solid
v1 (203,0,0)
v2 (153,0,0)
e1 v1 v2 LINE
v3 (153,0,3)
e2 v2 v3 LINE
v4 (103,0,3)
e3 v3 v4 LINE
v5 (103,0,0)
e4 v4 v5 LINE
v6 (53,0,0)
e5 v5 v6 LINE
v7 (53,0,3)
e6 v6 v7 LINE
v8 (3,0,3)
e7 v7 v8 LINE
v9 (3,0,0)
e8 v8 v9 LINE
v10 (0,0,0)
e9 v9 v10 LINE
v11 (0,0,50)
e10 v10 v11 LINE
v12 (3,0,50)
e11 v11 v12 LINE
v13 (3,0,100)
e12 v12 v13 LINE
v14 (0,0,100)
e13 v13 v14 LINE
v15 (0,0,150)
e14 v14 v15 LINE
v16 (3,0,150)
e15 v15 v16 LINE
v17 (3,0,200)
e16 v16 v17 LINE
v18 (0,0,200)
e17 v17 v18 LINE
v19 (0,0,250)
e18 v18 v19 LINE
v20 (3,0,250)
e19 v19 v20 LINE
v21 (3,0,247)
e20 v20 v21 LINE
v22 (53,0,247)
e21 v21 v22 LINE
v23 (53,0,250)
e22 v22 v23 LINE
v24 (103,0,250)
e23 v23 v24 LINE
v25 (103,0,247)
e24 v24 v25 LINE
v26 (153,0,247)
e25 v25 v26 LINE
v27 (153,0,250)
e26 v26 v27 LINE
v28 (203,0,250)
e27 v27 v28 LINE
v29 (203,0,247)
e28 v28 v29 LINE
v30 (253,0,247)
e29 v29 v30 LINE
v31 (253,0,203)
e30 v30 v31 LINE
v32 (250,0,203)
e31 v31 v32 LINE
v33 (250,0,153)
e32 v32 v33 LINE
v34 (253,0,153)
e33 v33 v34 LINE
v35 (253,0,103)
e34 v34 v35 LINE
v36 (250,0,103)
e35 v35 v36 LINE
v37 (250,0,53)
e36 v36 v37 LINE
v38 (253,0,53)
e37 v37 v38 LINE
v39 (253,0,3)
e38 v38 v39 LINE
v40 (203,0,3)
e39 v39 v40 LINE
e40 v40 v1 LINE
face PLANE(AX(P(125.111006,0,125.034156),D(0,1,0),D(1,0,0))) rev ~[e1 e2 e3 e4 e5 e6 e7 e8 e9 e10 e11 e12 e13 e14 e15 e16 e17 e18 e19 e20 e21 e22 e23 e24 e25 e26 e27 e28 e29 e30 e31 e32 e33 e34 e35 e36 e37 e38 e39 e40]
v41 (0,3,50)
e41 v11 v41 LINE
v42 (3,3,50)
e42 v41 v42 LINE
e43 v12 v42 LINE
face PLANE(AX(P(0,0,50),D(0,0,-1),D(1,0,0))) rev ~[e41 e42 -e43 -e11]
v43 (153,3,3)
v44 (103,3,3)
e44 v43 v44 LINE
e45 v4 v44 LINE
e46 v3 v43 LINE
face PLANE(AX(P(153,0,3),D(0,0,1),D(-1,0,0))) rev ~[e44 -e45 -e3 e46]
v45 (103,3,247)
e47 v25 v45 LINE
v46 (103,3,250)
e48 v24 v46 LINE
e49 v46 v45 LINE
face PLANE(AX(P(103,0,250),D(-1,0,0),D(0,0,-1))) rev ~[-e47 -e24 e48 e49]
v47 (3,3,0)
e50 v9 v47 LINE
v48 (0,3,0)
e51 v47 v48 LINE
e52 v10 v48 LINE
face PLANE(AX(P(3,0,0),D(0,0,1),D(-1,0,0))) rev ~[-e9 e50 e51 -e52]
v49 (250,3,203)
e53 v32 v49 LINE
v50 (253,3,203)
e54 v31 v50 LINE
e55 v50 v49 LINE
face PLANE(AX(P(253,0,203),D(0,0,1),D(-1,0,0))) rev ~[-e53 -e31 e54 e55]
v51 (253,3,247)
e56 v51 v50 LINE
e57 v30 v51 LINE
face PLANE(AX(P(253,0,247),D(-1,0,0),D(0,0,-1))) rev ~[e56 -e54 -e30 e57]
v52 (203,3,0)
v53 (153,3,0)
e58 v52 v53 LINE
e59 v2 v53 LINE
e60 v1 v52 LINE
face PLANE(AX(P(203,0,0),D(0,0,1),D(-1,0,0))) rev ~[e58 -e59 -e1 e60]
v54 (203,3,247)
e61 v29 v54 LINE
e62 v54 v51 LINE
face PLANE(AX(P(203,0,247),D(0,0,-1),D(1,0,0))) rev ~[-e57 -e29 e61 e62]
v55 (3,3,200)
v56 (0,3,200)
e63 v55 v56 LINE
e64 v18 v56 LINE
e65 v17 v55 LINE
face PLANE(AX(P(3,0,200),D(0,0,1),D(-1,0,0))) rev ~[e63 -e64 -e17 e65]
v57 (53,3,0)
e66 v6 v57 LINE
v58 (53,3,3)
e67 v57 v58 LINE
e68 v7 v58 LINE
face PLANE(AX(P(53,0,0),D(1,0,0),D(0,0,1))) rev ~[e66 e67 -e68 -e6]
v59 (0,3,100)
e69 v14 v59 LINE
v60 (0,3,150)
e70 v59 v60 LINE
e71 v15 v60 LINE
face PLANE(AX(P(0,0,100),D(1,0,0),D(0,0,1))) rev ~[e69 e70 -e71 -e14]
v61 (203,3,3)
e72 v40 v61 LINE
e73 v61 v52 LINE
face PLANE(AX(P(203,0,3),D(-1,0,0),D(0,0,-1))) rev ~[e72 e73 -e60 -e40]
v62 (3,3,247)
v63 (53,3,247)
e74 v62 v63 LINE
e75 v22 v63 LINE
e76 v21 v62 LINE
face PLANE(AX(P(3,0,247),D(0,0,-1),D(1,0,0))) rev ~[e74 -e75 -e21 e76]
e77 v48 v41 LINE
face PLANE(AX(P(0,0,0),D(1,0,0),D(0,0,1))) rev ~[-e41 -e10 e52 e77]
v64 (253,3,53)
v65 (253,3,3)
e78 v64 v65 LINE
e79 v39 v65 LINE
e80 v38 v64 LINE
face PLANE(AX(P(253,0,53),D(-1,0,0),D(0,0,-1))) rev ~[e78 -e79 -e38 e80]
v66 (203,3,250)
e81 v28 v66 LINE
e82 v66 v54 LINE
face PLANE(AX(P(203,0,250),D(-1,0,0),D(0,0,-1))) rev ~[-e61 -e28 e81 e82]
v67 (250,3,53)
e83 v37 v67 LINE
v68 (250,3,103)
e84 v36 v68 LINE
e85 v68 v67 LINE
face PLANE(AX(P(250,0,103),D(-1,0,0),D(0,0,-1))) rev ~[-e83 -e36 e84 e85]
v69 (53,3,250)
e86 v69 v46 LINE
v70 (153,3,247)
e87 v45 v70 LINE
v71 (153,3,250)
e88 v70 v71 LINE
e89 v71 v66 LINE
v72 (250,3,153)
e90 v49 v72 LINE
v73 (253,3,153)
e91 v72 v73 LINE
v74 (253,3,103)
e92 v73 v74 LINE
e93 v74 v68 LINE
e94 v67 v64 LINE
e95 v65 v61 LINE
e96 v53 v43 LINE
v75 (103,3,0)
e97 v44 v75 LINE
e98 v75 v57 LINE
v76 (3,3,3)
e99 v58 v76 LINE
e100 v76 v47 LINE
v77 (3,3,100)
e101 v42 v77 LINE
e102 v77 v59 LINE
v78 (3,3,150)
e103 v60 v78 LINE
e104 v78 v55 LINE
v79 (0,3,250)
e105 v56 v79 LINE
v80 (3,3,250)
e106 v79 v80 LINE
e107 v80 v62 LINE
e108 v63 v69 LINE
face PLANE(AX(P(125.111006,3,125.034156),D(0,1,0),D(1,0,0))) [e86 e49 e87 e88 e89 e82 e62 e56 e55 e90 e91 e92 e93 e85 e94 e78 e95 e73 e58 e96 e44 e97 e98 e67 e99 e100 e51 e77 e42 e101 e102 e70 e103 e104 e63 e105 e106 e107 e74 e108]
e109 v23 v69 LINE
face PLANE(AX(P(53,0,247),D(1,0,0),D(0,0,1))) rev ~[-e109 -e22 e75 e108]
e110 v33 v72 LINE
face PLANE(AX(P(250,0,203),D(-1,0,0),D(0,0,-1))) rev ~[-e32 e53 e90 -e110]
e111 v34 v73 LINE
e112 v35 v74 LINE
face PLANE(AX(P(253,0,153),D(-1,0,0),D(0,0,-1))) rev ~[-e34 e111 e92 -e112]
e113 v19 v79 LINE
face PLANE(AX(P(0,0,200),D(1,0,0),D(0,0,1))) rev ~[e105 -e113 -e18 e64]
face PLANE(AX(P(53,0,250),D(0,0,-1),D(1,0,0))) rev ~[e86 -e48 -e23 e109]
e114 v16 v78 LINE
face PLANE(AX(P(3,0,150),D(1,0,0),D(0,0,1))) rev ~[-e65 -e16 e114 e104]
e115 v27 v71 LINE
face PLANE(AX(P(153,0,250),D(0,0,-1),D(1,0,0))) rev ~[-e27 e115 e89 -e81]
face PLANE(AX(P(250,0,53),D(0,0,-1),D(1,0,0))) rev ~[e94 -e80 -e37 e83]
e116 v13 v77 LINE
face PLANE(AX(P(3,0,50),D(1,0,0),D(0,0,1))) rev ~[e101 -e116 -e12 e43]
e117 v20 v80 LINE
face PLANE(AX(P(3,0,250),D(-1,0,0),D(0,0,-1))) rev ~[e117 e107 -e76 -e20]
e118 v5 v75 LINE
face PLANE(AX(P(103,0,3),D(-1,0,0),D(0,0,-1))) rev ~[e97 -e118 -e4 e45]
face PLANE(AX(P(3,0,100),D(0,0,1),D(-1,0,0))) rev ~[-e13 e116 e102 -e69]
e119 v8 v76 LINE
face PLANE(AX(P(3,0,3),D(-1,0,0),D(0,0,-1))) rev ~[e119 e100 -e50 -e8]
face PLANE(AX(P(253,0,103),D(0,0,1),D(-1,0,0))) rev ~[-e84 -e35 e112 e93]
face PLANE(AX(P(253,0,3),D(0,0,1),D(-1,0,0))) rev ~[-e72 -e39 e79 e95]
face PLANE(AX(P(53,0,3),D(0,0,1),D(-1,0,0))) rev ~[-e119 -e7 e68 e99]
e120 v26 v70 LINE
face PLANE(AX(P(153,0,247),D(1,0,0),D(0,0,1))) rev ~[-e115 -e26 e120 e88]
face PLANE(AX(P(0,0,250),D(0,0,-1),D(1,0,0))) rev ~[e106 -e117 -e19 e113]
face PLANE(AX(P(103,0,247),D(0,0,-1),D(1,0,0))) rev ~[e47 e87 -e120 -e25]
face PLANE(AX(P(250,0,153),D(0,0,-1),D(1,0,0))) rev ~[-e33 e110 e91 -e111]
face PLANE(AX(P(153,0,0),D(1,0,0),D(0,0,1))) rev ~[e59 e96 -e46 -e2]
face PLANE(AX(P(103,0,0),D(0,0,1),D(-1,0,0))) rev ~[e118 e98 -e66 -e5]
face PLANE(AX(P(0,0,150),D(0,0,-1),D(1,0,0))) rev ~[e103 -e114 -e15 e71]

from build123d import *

# Parameters (mm, degrees)
BOSS_EXTRUDE1_DEPTH = 3


with BuildPart() as part:
    # Sketch1 → Boss-Extrude1 (new body)
    with BuildSketch(Plane(origin=(0, 0, 0), x_dir=(1, 0, 0), z_dir=(0, 1, 0))):
        Polygon((253, -53), (253, -3), (203, -3), (203, 0), (153, 0), (153, -3), (103, -3), (103, 0), (53, 0), (53, -3), (3, -3), (3, 0), (0, 0), (0, -50), (3, -50), (3, -100), (0, -100), (0, -150), (3, -150), (3, -200), (0, -200), (0, -250), (3, -250), (3, -247), (53, -247), (53, -250), (103, -250), (103, -247), (153, -247), (153, -250), (203, -250), (203, -247), (253, -247), (253, -203), (250, -203), (250, -153), (253, -153), (253, -103), (250, -103), (250, -53), align=None)
    extrude(amount=BOSS_EXTRUDE1_DEPTH)


solid = part.part
